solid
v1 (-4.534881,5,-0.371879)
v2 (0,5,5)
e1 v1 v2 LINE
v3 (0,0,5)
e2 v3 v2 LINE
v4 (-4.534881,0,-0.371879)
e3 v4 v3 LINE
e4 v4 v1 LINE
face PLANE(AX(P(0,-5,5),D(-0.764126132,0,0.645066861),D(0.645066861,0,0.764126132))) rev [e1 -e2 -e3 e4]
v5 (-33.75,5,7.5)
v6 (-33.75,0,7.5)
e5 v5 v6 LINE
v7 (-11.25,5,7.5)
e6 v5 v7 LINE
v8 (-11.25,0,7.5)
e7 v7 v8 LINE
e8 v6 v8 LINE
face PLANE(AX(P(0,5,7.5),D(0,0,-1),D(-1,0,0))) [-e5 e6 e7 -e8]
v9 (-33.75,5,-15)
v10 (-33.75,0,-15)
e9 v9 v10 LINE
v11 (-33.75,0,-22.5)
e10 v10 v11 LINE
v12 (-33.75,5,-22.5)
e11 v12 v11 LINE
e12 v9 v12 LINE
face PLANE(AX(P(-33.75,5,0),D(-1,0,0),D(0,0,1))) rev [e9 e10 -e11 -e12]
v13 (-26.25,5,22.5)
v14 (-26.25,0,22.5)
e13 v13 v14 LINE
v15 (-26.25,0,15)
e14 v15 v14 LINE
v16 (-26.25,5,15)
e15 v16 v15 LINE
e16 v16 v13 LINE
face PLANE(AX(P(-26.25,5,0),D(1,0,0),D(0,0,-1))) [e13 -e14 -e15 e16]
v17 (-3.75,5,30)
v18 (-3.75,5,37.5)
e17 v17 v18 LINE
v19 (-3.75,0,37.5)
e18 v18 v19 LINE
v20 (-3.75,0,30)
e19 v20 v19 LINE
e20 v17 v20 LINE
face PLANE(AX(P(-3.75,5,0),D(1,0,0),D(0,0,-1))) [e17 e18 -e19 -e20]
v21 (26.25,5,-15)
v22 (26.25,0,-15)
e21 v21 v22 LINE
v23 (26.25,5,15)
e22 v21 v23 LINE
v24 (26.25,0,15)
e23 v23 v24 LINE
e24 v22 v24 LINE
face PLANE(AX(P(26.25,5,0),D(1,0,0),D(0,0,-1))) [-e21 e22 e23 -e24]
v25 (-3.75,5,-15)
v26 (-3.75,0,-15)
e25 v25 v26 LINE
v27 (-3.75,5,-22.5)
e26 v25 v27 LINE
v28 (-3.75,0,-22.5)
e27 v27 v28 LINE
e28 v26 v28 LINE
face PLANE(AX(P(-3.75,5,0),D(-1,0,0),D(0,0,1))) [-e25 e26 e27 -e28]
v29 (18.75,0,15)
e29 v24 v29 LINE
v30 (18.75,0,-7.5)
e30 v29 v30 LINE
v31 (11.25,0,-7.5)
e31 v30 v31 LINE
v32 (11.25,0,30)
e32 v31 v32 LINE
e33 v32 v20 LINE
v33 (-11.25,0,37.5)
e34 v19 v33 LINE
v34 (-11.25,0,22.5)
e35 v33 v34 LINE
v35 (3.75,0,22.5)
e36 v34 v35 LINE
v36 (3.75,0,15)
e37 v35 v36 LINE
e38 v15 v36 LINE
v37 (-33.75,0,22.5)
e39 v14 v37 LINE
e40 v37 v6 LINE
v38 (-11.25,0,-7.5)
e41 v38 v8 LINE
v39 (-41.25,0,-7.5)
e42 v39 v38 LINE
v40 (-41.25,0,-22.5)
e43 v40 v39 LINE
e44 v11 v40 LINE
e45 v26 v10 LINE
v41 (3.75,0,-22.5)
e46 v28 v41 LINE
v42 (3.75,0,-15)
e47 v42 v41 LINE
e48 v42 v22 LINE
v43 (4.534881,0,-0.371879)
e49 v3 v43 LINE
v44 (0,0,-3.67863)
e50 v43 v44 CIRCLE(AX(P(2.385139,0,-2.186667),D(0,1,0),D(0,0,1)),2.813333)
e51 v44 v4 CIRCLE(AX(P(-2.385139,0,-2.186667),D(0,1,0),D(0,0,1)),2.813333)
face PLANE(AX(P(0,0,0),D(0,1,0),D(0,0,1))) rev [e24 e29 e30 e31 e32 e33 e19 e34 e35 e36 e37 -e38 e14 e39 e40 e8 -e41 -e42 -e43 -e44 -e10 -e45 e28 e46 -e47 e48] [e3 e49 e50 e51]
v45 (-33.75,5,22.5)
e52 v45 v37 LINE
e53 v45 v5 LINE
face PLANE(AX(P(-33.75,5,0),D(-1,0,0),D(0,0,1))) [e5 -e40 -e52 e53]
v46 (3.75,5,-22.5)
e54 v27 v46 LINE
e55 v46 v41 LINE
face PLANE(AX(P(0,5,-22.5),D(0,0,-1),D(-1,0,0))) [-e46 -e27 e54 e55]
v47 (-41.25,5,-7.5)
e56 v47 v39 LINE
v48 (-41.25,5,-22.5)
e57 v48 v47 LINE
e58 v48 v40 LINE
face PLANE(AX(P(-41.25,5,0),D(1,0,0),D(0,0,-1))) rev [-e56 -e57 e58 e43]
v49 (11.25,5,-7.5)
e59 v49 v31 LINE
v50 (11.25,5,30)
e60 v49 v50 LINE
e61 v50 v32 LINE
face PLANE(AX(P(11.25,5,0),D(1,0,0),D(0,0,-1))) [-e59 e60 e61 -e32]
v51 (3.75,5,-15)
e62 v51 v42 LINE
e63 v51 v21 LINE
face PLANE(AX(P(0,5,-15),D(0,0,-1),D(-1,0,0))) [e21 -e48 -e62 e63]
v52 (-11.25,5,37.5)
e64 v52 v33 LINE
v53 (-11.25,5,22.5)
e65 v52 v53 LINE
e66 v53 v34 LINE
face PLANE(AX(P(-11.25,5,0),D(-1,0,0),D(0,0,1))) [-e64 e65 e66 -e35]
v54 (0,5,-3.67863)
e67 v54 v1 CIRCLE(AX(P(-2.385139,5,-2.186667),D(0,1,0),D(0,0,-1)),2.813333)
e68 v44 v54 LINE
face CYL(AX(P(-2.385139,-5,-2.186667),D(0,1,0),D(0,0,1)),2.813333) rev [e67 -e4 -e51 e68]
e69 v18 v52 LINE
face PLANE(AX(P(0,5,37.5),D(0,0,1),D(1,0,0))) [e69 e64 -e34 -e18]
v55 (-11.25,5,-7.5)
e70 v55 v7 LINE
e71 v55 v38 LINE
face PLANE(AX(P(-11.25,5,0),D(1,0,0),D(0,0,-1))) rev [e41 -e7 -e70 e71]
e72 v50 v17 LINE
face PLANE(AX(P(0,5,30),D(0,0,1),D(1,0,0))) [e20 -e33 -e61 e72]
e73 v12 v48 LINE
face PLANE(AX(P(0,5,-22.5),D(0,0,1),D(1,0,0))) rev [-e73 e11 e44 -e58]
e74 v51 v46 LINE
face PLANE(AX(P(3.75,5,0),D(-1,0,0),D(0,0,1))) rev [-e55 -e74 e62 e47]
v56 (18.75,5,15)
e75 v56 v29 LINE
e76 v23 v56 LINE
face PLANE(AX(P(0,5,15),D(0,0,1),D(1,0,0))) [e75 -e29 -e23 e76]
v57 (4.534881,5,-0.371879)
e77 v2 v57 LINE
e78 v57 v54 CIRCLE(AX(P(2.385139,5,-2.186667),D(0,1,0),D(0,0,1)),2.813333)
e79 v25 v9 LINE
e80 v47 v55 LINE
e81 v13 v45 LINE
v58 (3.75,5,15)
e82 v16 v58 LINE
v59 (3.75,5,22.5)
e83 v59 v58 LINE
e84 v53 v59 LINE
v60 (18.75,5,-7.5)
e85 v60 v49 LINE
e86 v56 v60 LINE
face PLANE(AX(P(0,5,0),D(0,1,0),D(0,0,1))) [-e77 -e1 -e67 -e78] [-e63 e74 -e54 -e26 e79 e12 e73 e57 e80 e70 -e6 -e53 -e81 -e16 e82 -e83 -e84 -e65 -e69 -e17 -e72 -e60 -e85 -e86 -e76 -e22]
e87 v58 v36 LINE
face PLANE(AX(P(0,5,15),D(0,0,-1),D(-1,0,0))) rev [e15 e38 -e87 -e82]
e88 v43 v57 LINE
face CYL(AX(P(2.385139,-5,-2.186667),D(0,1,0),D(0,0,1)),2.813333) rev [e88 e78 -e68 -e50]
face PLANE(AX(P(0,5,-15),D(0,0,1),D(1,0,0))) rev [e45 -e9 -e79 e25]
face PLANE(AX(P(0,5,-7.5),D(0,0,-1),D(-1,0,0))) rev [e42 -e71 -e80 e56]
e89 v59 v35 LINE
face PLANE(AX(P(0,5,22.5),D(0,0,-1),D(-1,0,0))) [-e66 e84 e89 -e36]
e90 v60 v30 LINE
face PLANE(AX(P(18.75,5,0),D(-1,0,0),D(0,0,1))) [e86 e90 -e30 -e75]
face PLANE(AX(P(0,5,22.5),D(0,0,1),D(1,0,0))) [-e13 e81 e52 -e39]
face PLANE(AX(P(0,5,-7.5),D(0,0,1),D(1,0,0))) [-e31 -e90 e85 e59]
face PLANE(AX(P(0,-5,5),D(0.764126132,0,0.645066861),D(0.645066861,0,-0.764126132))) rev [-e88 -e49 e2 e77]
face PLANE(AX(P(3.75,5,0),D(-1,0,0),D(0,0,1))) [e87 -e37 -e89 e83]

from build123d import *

# Parameters (mm, degrees)
SKETCH1_W           = 22.5
SKETCH1_H           = 30
SKETCH1_W_2         = 7.5
SKETCH1_H_2         = 7.5
BOSS_EXTRUDE1_DEPTH = 5
CUT_EXTRUDE3_DEPTH  = 10


with BuildPart() as part:
    # Sketch1 → Boss-Extrude1 (new body)
    with BuildSketch(Plane(origin=(0, 0, 0), x_dir=(1, 0, 0), z_dir=(0, 1, 0))):
        Polygon((-11.25, 7.5), (-11.25, 15), (-33.75, 15), (-33.75, 22.5), (-41.25, 22.5), (-41.25, 7.5), align=None)
        Polygon((-26.25, -15), (-11.25, -15), (-11.25, -7.5), (-33.75, -7.5), (-33.75, -22.5), (-26.25, -22.5), align=None)
        Rectangle(SKETCH1_W, SKETCH1_H)
        Polygon((11.25, -30), (11.25, -15), (3.75, -15), (3.75, -22.5), (-11.25, -22.5), (-11.25, -37.5), (-3.75, -37.5), (-3.75, -30), align=None)
        with Locations((0, 18.75)):
            Rectangle(SKETCH1_W_2, SKETCH1_H_2)
        Polygon((26.25, 15), (11.25, 15), (11.25, 7.5), (18.75, 7.5), (18.75, -15), (26.25, -15), align=None)
    extrude(amount=BOSS_EXTRUDE1_DEPTH)

    # Sketch2 → Cut-Extrude3 (cut)
    with BuildSketch(Plane(origin=(0, 5, 0), x_dir=(1, 0, 0), z_dir=(0, 1, 0))):
        with BuildLine():
            Line((0, -5), (4.534880693, 0.371878565))
            ThreePointArc((4.534880693, 0.371878565), (4.042699073, 4.459844977), (0, 3.678630324))
            ThreePointArc((0, 3.678630324), (-4.042699073, 4.459844977), (-4.534880693, 0.371878565))
            Line((-4.534880693, 0.371878565), (0, -5))
        make_face()
    extrude(amount=-CUT_EXTRUDE3_DEPTH, mode=Mode.SUBTRACT)


solid = part.part
